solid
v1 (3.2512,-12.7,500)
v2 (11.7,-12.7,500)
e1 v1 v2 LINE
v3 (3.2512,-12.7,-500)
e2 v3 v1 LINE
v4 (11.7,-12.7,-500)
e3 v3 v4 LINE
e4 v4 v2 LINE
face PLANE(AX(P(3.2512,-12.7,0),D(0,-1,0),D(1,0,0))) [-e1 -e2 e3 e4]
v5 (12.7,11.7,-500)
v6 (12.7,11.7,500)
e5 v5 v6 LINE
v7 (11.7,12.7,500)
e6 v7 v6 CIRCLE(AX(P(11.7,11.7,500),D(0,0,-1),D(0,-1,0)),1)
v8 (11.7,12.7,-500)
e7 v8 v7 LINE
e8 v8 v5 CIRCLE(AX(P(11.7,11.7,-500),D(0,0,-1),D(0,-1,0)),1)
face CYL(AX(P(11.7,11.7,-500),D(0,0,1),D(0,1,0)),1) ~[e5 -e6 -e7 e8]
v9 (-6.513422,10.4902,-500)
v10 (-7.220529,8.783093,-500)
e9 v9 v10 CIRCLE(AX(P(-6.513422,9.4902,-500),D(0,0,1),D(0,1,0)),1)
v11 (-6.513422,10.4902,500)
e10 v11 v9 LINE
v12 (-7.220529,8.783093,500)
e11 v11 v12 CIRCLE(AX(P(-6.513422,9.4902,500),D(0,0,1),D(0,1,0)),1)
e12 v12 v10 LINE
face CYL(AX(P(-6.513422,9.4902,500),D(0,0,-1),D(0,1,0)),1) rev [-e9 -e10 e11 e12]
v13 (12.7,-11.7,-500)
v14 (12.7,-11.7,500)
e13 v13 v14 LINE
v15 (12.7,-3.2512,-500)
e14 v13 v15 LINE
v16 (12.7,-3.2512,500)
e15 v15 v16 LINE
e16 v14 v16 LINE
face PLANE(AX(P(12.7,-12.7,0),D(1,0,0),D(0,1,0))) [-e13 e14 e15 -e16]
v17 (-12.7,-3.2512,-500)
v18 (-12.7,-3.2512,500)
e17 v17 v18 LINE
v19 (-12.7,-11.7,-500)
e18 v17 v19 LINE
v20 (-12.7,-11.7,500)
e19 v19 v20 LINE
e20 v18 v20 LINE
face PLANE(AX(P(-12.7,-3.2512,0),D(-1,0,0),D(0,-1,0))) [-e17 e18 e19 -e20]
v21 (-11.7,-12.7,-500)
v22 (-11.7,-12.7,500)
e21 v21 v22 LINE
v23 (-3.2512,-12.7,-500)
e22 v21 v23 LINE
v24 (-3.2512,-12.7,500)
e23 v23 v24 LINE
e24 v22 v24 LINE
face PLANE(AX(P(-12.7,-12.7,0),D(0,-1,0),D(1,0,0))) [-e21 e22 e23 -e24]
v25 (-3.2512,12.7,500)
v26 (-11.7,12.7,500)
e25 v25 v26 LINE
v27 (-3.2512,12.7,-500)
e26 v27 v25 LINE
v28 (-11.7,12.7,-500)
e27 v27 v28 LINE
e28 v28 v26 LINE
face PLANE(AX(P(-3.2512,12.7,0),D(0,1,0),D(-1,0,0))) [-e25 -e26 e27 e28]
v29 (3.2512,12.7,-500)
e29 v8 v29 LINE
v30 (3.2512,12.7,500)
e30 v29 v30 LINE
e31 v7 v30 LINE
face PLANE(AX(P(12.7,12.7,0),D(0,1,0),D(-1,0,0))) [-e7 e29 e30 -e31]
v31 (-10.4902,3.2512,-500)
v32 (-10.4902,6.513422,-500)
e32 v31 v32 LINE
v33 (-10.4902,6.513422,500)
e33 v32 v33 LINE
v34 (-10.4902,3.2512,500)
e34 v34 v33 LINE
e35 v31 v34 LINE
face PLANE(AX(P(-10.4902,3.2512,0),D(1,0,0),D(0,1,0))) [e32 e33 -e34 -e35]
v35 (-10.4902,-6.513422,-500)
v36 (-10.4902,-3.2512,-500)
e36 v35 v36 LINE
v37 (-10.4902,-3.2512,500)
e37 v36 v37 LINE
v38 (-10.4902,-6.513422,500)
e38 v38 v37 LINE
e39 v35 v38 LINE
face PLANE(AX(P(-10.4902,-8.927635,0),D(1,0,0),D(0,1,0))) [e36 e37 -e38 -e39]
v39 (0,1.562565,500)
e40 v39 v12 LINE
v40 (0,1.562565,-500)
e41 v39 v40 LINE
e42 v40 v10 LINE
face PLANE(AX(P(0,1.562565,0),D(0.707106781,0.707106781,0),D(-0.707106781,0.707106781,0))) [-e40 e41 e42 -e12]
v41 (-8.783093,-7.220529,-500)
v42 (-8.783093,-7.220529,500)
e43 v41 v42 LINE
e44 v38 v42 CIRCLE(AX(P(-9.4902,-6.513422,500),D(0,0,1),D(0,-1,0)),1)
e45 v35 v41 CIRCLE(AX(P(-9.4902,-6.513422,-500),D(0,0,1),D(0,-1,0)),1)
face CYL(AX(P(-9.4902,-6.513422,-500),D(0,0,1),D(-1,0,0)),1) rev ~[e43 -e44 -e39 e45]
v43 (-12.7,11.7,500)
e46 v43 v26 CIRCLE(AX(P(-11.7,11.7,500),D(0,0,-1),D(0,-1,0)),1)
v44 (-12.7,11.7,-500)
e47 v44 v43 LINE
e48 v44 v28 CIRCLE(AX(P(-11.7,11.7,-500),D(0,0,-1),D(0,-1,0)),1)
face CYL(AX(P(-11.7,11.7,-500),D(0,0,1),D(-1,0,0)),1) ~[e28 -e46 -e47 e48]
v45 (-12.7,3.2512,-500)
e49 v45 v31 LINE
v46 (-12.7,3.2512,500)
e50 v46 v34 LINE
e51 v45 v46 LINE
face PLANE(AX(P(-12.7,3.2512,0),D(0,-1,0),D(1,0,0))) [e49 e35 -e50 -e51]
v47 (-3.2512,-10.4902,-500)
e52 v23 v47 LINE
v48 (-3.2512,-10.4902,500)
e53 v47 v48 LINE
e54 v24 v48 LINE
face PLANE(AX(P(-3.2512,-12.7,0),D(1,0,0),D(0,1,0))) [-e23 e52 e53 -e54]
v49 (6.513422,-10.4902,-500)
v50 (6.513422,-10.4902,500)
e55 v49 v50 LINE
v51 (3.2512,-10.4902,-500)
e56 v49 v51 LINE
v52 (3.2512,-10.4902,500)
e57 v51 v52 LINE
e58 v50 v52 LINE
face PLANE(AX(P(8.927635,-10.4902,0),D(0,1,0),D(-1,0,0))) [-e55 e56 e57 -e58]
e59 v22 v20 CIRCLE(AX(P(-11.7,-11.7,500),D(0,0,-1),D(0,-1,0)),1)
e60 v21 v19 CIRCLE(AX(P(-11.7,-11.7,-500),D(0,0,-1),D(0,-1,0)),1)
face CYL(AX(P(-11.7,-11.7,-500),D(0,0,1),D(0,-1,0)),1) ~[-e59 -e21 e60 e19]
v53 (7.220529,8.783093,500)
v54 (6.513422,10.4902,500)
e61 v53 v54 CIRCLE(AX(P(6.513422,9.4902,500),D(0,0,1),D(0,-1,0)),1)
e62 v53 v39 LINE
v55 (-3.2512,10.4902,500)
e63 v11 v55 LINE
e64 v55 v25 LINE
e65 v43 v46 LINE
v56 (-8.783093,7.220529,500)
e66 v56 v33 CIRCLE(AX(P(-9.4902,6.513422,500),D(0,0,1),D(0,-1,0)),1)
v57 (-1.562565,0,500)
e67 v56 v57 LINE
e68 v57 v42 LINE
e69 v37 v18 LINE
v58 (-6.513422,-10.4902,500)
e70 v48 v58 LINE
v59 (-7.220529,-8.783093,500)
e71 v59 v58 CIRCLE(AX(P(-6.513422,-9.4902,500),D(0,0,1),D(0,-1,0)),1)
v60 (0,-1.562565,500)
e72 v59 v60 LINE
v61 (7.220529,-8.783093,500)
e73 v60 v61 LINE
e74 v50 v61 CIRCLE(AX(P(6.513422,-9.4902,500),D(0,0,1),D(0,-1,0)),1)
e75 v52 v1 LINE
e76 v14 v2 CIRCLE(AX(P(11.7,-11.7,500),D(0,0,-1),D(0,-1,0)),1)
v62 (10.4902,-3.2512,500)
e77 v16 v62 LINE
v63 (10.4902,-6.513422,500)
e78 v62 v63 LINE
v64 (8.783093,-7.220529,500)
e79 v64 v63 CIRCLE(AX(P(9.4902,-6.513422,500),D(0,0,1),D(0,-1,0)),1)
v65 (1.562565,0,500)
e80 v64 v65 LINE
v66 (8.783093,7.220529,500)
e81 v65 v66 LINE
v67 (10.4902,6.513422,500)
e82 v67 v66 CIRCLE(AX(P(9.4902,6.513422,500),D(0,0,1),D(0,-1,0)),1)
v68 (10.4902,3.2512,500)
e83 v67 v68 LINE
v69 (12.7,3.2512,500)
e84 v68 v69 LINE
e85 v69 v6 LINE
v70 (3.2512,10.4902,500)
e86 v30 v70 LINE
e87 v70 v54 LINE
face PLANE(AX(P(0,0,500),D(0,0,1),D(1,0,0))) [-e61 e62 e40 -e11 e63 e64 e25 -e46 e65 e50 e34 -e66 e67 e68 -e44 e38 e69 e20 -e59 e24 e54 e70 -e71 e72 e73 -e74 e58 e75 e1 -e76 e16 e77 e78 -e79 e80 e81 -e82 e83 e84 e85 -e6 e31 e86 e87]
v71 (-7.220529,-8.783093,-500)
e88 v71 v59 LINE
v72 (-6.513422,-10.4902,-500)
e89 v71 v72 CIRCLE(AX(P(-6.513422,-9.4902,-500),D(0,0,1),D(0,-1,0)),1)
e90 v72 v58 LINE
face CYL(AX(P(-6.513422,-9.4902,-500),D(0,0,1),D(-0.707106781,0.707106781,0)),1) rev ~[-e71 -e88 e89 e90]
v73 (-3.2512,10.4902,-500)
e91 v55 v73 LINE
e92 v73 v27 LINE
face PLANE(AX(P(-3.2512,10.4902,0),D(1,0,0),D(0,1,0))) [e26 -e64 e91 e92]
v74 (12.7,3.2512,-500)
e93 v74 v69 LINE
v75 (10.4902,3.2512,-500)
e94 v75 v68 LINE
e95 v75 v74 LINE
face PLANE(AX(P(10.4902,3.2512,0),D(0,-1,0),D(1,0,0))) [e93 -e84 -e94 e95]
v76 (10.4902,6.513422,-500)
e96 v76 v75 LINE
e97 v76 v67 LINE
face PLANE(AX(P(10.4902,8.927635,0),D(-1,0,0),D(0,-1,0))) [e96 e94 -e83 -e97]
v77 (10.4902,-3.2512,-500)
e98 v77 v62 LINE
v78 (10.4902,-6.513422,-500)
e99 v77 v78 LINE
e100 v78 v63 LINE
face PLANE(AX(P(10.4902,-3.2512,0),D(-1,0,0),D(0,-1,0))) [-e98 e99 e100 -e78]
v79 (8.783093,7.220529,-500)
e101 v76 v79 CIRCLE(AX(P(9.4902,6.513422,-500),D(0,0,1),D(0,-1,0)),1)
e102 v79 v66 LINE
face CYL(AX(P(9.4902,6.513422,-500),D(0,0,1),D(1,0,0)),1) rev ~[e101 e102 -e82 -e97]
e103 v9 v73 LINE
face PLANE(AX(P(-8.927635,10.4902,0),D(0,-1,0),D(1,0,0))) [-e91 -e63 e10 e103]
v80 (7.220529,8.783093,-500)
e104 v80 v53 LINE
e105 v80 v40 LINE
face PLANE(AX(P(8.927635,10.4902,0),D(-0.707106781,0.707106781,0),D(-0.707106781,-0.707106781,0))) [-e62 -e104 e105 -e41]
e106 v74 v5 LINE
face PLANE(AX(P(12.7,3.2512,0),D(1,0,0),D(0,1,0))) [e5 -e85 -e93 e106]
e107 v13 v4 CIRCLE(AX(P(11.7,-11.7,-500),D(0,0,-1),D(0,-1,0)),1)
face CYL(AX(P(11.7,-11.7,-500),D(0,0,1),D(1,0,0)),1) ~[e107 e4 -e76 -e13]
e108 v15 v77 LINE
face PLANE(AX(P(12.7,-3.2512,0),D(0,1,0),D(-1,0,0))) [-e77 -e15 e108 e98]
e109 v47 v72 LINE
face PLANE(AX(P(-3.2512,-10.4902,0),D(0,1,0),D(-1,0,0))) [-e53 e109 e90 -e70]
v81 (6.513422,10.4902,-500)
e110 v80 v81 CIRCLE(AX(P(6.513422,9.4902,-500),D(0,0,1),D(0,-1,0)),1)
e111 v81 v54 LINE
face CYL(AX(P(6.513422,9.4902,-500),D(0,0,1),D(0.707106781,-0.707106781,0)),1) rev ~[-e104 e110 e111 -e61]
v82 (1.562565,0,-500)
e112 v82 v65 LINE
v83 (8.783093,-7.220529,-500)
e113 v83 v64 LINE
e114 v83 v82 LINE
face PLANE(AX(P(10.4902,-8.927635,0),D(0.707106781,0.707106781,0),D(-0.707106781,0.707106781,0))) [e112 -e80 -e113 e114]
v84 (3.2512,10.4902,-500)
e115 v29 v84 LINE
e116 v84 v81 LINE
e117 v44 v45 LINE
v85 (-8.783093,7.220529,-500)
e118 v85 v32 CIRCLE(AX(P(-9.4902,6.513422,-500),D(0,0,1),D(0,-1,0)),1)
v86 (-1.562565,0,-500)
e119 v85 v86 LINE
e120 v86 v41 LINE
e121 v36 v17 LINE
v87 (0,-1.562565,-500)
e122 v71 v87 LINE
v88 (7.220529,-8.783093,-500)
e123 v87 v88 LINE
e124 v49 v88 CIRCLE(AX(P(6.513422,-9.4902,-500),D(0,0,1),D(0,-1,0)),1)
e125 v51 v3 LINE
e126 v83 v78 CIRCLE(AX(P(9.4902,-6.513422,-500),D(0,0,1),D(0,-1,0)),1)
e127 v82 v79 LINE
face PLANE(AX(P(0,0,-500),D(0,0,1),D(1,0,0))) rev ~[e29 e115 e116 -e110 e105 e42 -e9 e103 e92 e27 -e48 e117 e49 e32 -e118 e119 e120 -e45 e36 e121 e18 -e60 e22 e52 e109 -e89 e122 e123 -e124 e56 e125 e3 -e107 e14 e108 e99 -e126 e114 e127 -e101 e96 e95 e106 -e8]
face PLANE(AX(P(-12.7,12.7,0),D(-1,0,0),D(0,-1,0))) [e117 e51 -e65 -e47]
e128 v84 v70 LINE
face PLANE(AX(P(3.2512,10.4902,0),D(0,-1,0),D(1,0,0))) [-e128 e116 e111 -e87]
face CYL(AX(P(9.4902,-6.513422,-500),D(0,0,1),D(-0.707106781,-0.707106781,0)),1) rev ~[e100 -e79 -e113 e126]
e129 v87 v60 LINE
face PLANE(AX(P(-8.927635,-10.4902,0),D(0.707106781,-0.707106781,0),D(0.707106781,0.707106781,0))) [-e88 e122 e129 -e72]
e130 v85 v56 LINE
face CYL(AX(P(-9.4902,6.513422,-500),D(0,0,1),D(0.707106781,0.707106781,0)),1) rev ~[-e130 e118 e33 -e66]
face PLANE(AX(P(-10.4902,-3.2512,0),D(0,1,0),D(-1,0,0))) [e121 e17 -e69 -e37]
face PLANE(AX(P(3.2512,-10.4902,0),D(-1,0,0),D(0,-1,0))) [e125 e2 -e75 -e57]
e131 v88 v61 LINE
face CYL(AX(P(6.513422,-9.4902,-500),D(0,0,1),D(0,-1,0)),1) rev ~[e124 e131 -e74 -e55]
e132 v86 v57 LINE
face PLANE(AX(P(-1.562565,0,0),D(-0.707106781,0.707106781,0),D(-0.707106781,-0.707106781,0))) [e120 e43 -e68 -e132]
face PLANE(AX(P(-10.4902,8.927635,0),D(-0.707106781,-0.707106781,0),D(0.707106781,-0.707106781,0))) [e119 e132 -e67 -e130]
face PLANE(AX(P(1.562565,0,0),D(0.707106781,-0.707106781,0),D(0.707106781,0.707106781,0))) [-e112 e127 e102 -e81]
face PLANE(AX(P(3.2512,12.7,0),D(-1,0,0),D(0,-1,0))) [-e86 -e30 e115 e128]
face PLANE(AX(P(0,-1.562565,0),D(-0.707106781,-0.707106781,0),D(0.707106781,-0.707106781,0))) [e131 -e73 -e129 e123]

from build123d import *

# Parameters (mm, degrees)
BOSS_EXTRUDE1_DEPTH = 500
FILLET1_R           = 1


with BuildPart() as part:
    # Sketch1 → Boss-Extrude1 (new body, symmetric)
    with BuildSketch(Plane.XY):
        Polygon((-3.2512, 10.4902), (-3.2512, 12.7), (-12.7, 12.7), (-12.7, 3.2512), (-10.4902, 3.2512), (-10.4902, 8.927635435), (-1.562564565, 0), (-10.4902, -8.927635435), (-10.4902, -3.2512), (-12.7, -3.2512), (-12.7, -12.7), (-3.2512, -12.7), (-3.2512, -10.4902), (-8.927635435, -10.4902), (0, -1.562564565), (8.927635435, -10.4902), (3.2512, -10.4902), (3.2512, -12.7), (12.7, -12.7), (12.7, -3.2512), (10.4902, -3.2512), (10.4902, -8.927635435), (1.562564565, 0), (10.4902, 8.927635435), (10.4902, 3.2512), (12.7, 3.2512), (12.7, 12.7), (3.2512, 12.7), (3.2512, 10.4902), (8.927635435, 10.4902), (0, 1.562564565), (-8.927635435, 10.4902), align=None)
    extrude(amount=BOSS_EXTRUDE1_DEPTH, both=True)

    # Fillet1
    fillet1_edges = [part.edges().sort_by_distance(p)[0] for p in [
        (-10.4902, 8.927635435, 0),
        (-12.7, 12.7, 0),
        (-8.927635435, 10.4902, 0),
        (8.927635435, 10.4902, 0),
        (12.7, 12.7, 0),
        (10.4902, 8.927635435, 0),
        (10.4902, -8.927635435, 0),
        (12.7, -12.7, 0),
        (8.927635435, -10.4902, 0),
        (-8.927635435, -10.4902, 0),
        (-12.7, -12.7, 0),
        (-10.4902, -8.927635435, 0),
    ]]
    fillet(fillet1_edges, radius=FILLET1_R)


solid = part.part
